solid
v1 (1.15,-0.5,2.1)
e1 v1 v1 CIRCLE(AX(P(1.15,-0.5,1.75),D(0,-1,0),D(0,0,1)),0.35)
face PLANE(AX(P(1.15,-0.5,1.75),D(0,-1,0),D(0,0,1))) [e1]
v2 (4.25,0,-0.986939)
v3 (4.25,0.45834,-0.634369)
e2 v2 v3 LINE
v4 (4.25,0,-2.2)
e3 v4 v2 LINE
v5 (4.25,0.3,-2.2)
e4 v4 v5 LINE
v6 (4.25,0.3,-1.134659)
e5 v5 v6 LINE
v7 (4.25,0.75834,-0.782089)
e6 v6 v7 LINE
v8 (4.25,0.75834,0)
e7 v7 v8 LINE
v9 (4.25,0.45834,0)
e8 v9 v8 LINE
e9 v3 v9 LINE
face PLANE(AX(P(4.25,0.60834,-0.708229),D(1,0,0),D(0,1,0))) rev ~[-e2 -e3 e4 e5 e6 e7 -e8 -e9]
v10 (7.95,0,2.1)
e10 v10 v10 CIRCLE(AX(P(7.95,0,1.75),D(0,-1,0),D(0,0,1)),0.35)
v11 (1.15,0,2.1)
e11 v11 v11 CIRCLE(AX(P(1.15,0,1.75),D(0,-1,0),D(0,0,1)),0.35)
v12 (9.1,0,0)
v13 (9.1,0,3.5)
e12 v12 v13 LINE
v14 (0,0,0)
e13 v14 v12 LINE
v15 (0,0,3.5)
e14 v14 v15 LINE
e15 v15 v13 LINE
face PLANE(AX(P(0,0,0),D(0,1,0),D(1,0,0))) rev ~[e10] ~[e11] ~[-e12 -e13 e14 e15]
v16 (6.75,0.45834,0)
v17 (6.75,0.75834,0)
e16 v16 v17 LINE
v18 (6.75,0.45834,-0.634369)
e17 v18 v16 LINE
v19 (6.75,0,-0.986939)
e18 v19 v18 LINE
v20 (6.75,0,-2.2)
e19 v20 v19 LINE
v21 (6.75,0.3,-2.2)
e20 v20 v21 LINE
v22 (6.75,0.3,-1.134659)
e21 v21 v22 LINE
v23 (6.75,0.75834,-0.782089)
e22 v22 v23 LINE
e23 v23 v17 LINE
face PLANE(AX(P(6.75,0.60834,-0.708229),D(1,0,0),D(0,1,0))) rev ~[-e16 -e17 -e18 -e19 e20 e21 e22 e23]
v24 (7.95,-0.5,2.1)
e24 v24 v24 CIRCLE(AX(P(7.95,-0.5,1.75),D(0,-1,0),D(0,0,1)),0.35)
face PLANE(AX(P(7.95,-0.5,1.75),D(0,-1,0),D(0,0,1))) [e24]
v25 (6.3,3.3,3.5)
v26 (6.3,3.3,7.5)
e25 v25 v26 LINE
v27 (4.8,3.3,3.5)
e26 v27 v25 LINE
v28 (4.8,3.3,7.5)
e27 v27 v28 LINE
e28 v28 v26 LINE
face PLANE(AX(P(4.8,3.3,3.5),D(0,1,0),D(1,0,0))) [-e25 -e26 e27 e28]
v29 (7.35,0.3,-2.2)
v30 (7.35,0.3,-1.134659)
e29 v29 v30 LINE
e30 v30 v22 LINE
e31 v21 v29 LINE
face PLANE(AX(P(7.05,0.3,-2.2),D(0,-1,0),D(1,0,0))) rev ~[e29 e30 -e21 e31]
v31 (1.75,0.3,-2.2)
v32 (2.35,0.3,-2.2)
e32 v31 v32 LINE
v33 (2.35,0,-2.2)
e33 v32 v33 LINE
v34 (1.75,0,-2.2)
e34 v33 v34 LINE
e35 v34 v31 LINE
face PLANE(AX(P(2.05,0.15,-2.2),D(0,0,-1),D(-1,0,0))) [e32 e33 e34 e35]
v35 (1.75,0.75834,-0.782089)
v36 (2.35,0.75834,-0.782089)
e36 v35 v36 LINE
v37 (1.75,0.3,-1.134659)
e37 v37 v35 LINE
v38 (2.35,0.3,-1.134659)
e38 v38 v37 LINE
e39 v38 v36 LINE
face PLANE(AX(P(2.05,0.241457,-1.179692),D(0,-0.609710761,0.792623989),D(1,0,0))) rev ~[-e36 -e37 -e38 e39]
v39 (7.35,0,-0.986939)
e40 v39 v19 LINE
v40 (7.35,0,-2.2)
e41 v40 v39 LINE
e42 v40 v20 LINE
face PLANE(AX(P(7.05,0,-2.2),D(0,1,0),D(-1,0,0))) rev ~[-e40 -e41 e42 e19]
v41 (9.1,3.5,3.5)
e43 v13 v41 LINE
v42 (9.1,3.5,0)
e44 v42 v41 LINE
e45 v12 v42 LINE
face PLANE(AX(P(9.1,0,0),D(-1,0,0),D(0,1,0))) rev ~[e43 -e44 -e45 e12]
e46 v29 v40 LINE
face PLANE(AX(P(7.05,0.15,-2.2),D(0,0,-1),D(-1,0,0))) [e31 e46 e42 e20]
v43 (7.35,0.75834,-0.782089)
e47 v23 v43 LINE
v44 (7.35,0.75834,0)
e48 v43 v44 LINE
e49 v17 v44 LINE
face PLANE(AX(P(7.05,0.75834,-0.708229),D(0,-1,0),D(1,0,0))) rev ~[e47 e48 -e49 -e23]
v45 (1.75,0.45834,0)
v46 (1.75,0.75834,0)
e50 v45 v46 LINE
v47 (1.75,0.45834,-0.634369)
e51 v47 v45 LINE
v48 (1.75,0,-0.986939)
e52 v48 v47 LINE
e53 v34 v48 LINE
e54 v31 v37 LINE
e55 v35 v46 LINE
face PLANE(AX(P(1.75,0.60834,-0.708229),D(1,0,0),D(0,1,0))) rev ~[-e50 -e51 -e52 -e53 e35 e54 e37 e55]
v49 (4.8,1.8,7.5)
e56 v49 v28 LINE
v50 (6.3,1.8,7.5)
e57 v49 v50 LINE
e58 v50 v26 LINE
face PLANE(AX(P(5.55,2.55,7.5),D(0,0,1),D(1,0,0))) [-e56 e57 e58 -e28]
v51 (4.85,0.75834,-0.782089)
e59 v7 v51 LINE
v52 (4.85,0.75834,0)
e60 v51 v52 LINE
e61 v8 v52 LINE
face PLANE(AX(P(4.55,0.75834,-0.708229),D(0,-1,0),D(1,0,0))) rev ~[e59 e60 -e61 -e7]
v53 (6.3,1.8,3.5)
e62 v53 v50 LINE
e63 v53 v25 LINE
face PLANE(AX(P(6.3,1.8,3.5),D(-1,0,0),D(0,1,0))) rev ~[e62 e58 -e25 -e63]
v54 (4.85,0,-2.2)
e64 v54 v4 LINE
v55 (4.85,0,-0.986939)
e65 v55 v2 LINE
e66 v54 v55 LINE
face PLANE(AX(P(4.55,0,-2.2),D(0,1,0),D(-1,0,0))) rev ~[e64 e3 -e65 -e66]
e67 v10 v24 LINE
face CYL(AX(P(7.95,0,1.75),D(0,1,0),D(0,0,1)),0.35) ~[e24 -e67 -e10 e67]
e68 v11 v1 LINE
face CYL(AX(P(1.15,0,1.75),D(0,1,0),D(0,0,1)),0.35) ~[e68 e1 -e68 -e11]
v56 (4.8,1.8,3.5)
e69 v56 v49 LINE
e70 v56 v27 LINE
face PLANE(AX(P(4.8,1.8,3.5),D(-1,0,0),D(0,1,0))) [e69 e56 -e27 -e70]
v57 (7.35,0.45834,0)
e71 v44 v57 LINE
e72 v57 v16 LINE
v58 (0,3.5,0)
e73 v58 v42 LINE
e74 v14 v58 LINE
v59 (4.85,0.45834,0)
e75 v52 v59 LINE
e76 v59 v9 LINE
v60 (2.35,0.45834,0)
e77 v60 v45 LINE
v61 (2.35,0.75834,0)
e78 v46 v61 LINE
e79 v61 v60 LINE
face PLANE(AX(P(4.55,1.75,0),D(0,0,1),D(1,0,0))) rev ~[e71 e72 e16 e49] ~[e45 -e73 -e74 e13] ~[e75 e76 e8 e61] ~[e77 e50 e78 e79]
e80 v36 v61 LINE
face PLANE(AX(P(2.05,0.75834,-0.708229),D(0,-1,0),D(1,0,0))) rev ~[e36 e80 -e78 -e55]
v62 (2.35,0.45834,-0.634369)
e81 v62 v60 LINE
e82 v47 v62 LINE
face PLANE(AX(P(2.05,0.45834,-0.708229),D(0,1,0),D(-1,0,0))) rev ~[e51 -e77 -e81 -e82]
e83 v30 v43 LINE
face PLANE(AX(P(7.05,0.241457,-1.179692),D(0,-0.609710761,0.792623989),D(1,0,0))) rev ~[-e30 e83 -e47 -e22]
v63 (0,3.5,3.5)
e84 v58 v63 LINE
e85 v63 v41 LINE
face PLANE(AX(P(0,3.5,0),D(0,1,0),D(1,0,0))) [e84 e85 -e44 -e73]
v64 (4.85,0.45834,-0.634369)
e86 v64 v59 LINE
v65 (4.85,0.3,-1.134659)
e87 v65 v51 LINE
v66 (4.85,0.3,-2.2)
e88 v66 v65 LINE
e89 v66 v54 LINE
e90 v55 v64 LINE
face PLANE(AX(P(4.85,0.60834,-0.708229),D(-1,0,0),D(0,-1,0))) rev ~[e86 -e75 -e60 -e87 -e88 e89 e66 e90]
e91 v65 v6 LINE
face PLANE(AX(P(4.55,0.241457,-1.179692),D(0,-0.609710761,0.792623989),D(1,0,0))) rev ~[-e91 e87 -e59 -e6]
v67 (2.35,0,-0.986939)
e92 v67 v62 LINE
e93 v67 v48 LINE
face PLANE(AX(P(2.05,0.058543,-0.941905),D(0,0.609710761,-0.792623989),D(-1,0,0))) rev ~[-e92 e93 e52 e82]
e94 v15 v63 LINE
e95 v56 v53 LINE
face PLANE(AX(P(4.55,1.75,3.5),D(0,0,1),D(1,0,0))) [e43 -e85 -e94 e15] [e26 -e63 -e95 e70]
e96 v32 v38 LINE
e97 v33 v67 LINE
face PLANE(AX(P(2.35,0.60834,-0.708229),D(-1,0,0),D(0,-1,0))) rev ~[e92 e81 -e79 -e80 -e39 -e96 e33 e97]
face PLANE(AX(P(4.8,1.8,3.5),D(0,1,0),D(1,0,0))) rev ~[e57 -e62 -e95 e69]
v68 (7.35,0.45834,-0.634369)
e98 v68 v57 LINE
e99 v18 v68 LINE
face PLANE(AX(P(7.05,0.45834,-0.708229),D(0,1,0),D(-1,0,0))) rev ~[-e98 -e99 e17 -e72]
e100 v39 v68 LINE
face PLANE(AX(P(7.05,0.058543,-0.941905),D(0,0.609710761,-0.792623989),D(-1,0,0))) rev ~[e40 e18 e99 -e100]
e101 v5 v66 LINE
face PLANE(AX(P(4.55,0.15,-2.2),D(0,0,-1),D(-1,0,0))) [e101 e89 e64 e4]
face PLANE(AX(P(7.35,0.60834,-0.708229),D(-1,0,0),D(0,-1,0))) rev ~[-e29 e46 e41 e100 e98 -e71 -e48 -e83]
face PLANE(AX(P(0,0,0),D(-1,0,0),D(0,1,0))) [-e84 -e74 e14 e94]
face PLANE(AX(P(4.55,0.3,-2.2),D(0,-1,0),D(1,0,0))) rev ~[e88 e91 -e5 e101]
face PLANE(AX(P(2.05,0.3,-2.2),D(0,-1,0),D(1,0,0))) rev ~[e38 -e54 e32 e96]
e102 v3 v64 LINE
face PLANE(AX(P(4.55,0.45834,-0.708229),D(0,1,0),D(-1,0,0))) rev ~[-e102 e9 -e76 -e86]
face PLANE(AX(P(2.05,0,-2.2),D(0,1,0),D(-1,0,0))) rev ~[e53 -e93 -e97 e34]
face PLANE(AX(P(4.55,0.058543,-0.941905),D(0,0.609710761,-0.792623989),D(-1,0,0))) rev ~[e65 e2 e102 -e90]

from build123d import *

# Parameters (mm, degrees)
SKETCH_1_W                 = 9.1
SKETCH_1_H                 = 3.5
EXTRUDE_1_DEPTH            = 3.5
SKETCH_2_W                 = 1.5
SKETCH_2_H                 = 1.5
EXTRUDE_2_DEPTH            = 4
SKETCH_3_R                 = 0.35
EXTRUDE_3_DEPTH            = 0.5
SKETCH_5_W                 = 0.6
SKETCH_5_H                 = 0.3
PATTERN_LINEAR_1_COUNT     = 2
PATTERN_LINEAR_1_PITCH     = 2.5
PATTERN_LINEAR_1_COL_COUNT = 2
PATTERN_LINEAR_1_COL_PITCH = 2.5


with BuildPart() as part:
    # 草图1 → 凸台-拉伸1 (new body)
    with BuildSketch(Plane.XY):
        with Locations((4.55, 1.75)):
            Rectangle(SKETCH_1_W, SKETCH_1_H)
    extrude(amount=EXTRUDE_1_DEPTH)

    # 草图2 → 凸台-拉伸2 (add)
    with BuildSketch(Plane.XY.offset(3.5)):
        with Locations((5.55, 2.55)):
            Rectangle(SKETCH_2_W, SKETCH_2_H)
    extrude(amount=EXTRUDE_2_DEPTH)

    # 草图3 → 凸台-拉伸3 (add)
    with BuildSketch(Plane.XZ):
        with Locations(Location((1.15, 1.75, 0), (0, 0, 90))):
            Circle(SKETCH_3_R)
        with Locations(Location((7.95, 1.75, 0), (0, 0, 90))):
            Circle(SKETCH_3_R)
    extrude(amount=EXTRUDE_3_DEPTH)

    # 扫描1: sweep along a path in 草图4
    with BuildLine(Plane.ZY.offset(-4.55)) as sweep_1_path:
        Line((-2.2, 0.15), (-1.060798769, 0.15))
        Line((-1.060798769, 0.15), (-0.708229264, 0.608340356))
        Line((-0.708229264, 0.608340356), (0, 0.608340356))
    # 草图5 → 扫描1 (sweep)
    with BuildSketch(Plane(origin=(0, 0, -2.2), x_dir=(-1, 0, 0), z_dir=(0, 0, -1))):
        with Locations((-4.55, 0.15)):
            Rectangle(SKETCH_5_W, SKETCH_5_H)
    sweep_1 = sweep(path=sweep_1_path.line, transition=Transition.RIGHT)

    # 阵列(线性)1: 扫描1 ×2
    with Locations(*[(i * PATTERN_LINEAR_1_PITCH, 0, 0) for i in range(1, PATTERN_LINEAR_1_COUNT)]):
        add(sweep_1)

    # 阵列(线性)1 col: 扫描1 ×2
    with Locations(*[(-i * PATTERN_LINEAR_1_COL_PITCH, 0, 0) for i in range(1, PATTERN_LINEAR_1_COL_COUNT)]):
        add(sweep_1)


solid = part.part
